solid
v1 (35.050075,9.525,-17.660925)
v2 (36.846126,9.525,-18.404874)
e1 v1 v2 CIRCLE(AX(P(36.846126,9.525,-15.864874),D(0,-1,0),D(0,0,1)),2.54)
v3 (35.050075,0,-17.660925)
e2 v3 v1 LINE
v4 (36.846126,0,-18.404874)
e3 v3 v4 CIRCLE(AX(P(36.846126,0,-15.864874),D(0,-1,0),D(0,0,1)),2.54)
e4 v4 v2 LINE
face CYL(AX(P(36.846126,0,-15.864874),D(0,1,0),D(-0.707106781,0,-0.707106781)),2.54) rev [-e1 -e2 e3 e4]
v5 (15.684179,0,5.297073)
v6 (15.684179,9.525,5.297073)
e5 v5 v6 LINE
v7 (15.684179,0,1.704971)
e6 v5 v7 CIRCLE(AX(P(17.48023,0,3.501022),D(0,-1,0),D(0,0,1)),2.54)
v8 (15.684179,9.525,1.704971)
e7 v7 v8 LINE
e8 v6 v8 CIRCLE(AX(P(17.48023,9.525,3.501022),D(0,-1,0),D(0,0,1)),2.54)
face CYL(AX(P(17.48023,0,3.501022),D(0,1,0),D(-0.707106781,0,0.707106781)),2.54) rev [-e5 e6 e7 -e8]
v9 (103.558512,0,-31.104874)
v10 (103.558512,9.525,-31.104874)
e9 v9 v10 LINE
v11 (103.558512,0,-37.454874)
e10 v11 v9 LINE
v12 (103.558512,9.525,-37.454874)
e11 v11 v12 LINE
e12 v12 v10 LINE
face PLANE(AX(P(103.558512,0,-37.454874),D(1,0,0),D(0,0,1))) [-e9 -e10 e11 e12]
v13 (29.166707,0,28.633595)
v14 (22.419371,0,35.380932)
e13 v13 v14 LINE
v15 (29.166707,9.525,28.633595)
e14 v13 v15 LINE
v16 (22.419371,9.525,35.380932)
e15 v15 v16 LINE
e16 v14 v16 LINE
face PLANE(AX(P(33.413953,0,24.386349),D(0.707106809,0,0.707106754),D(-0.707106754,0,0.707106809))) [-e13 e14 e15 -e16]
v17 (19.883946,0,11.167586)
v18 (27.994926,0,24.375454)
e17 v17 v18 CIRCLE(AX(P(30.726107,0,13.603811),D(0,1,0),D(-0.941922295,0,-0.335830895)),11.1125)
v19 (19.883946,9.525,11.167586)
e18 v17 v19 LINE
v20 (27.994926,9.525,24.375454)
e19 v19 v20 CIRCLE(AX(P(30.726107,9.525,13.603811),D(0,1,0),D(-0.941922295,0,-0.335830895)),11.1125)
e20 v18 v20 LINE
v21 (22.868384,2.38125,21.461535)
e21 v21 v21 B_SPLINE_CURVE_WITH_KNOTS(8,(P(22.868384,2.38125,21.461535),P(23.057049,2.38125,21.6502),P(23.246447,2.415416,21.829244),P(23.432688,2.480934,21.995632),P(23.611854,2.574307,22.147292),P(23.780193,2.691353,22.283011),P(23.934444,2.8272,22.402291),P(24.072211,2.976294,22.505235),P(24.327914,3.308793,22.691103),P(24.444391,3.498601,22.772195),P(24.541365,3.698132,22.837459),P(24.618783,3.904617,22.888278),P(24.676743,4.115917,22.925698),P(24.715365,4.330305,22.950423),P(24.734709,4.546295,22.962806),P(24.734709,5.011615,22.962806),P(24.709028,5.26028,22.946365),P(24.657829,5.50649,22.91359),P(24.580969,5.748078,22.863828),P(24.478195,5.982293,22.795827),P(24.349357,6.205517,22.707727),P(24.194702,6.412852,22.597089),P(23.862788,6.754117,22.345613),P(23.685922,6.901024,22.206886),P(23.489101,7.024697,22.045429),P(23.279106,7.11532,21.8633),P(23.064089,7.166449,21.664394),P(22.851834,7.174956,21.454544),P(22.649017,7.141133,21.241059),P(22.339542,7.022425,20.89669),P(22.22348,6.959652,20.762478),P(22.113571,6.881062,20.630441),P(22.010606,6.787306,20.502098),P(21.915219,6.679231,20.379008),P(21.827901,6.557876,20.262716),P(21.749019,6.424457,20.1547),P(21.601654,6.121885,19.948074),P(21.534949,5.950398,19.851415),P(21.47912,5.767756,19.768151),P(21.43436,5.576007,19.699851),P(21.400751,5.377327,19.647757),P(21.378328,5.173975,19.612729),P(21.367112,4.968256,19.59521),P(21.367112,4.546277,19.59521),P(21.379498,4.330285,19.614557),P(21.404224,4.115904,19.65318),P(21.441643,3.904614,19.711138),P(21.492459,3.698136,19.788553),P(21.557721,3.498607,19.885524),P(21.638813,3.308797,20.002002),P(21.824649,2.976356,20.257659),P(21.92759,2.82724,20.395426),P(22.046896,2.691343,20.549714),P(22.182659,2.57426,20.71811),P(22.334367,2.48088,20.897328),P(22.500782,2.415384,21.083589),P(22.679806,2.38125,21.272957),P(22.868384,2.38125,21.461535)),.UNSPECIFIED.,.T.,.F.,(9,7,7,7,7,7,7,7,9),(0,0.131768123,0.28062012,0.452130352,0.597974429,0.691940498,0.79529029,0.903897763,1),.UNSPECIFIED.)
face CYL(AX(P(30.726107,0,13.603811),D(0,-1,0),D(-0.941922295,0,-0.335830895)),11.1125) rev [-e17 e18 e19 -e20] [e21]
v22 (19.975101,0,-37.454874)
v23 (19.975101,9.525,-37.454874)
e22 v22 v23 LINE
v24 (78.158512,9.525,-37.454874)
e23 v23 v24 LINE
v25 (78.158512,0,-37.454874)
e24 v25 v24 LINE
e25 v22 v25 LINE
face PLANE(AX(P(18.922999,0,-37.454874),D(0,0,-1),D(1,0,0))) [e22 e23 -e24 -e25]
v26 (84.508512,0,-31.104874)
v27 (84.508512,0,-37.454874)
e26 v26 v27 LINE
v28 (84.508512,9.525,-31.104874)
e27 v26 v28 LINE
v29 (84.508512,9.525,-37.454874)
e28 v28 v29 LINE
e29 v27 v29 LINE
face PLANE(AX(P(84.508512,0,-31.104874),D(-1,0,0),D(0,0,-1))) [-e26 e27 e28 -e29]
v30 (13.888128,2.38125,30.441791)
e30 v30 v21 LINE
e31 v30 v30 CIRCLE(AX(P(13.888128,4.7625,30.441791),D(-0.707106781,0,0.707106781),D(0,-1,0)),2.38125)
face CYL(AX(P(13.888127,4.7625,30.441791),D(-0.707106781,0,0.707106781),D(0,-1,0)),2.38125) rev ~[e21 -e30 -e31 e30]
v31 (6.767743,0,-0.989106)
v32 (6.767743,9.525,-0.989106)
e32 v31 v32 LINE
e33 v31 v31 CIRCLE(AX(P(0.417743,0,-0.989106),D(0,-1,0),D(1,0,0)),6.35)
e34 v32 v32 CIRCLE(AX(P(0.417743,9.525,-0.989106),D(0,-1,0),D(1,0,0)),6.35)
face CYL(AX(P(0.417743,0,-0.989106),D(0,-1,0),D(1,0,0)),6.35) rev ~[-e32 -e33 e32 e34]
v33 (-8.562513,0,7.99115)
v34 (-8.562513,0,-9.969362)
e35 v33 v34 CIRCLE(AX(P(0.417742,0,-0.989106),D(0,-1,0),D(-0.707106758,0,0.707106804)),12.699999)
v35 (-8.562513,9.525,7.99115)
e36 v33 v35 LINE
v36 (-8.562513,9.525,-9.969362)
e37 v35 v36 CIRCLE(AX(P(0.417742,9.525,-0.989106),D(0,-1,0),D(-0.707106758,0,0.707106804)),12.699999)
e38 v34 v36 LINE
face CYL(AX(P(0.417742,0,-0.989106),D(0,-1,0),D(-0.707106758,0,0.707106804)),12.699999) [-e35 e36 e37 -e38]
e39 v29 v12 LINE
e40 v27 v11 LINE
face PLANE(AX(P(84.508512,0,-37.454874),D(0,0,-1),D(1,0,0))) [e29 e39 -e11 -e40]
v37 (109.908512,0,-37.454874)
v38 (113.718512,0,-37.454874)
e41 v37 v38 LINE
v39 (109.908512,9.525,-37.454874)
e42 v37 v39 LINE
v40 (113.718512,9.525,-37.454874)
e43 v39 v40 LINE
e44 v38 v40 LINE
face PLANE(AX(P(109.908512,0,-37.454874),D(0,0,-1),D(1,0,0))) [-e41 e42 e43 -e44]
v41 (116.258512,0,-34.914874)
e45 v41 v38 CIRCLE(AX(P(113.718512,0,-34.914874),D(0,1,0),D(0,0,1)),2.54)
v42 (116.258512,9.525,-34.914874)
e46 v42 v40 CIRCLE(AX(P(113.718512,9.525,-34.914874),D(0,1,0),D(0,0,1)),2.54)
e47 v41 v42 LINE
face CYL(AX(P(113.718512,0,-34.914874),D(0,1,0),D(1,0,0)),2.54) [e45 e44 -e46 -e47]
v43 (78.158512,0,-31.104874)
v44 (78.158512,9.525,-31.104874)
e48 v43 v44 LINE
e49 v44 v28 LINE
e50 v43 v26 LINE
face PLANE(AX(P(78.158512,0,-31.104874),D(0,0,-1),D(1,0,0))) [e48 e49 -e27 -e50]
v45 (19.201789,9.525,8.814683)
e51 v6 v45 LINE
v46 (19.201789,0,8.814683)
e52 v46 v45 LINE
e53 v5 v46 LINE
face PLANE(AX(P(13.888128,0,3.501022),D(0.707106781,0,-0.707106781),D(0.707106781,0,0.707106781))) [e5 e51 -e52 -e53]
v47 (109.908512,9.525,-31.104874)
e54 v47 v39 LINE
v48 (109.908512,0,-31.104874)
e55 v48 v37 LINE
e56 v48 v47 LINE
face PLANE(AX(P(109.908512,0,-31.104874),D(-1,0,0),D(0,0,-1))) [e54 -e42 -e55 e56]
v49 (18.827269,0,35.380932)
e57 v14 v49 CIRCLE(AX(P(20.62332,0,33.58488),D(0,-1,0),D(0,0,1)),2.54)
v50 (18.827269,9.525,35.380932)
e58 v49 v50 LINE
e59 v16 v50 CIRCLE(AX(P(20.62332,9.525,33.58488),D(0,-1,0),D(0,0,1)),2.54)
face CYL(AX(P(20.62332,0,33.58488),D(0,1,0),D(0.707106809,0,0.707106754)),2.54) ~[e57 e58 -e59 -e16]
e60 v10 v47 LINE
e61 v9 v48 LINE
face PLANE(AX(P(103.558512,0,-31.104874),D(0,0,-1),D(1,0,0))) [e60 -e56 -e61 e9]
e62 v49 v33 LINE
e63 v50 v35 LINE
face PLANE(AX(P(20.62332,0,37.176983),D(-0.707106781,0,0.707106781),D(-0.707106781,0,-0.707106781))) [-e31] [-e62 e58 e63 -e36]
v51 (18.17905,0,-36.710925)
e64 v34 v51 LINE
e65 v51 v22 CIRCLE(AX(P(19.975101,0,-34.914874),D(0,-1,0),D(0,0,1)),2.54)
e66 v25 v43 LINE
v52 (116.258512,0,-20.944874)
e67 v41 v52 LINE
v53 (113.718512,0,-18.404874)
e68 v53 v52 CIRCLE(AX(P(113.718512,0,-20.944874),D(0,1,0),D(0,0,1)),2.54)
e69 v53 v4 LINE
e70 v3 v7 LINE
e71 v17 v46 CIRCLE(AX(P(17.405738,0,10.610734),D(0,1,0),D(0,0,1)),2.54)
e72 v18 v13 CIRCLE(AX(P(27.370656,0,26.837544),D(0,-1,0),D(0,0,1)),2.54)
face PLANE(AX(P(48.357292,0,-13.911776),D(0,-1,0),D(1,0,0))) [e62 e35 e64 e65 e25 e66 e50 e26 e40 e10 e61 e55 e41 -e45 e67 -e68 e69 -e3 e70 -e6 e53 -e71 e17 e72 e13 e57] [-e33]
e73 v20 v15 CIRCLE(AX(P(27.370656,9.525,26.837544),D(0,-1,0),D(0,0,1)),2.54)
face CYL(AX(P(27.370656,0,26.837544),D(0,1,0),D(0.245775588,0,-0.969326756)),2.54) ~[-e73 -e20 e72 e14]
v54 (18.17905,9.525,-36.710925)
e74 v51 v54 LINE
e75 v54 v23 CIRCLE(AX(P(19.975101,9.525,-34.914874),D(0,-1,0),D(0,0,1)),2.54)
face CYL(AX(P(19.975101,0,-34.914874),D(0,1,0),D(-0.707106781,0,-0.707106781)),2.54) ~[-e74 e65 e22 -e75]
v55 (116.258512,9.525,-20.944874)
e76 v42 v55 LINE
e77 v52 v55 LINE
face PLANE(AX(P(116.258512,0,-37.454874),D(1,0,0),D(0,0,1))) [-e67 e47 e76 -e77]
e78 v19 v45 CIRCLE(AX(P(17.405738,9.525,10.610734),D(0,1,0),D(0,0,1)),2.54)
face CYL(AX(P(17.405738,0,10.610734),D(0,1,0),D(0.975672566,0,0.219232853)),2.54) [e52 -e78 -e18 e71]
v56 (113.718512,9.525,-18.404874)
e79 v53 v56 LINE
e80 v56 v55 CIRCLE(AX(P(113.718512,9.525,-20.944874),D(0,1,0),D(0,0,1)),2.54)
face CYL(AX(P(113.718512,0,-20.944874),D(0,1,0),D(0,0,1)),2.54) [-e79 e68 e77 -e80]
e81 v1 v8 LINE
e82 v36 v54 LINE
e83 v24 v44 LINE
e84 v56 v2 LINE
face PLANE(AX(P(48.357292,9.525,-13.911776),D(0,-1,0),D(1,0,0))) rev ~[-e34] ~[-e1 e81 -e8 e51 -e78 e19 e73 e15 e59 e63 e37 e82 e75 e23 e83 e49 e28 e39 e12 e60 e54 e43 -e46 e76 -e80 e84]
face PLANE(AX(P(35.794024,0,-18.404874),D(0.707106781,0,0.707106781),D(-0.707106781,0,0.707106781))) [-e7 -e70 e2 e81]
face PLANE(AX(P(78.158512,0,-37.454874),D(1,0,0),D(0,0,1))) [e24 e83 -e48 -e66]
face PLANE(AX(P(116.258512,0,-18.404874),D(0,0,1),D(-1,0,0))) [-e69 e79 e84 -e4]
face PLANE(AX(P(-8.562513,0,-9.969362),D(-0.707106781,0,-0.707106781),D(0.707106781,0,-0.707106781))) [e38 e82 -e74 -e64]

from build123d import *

# Parameters (mm, degrees)
F0_R     = 6.35
F1_DEPTH = 9.525
F2_R     = 2.38125
F3_DEPTH = 25.4
F4_R     = 2.54
F5_R     = 2.54


with BuildPart() as f1:
    # F0 (on Front) → F1 (new body)
    with BuildSketch(Plane.XZ):
        with BuildLine():
            ThreePointArc((20.258996, 9.87189), (22.492237, 21.066453), (33.413953, 24.386349))
            Line((33.413953, 24.386349), (20.62332, 37.176983))
            Line((20.62332, 37.176983), (-8.562513, 7.99115))
            ThreePointArc((-8.562513, 7.99115), (-12.282257, -0.989106), (-8.562513, -9.969362))
            Line((-8.562513, -9.969362), (18.922999, -37.454874))
            Line((18.922999, -37.454874), (78.158512, -37.454874))
            Line((78.158512, -37.454874), (78.158512, -31.104874))
            Line((78.158512, -31.104874), (84.508512, -31.104874))
            Line((84.508512, -31.104874), (84.508512, -37.454874))
            Line((84.508512, -37.454874), (103.558512, -37.454874))
            Line((103.558512, -37.454874), (103.558512, -31.104874))
            Line((103.558512, -31.104874), (109.908512, -31.104874))
            Line((109.908512, -31.104874), (109.908512, -37.454874))
            Line((109.908512, -37.454874), (116.258512, -37.454874))
            Line((116.258512, -37.454874), (116.258512, -18.404874))
            Line((116.258512, -18.404874), (35.794024, -18.404874))
            Line((35.794024, -18.404874), (13.888128, 3.501022))
            Line((13.888128, 3.501022), (20.258996, 9.87189))
        make_face()
        with Locations((0.417743, -0.989106)):
            Circle(F0_R, mode=Mode.SUBTRACT)
    extrude(amount=-F1_DEPTH)

    # F2 (on face) → F3 (cut)
    with BuildSketch(Plane(origin=(-8.276832, 0, 8.276832), x_dir=(0, -1, 0), z_dir=(-0.707107, 0, 0.707107))):
        with Locations((-4.7625, 31.345986)):
            Circle(F2_R)
    extrude(amount=-F3_DEPTH, mode=Mode.SUBTRACT)

    # F4
    f4_edges = [f1.edges().sort_by_distance(p)[0] for p in [
        (33.413953, 4.7625, 24.386349),
        (20.258996, 4.7625, 9.87189),
    ]]
    fillet(f4_edges, radius=F4_R)

    # F5
    f5_edges = [f1.edges().sort_by_distance(p)[0] for p in [
        (13.888128, 4.7625, 3.501022),
        (35.794024, 4.7625, -18.404874),
        (18.922999, 4.7625, -37.454874),
        (116.258512, 4.7625, -18.404874),
        (116.258512, 4.7625, -37.454874),
        (20.62332, 4.7625, 37.176983),
    ]]
    fillet(f5_edges, radius=F5_R)


solid = f1.part
